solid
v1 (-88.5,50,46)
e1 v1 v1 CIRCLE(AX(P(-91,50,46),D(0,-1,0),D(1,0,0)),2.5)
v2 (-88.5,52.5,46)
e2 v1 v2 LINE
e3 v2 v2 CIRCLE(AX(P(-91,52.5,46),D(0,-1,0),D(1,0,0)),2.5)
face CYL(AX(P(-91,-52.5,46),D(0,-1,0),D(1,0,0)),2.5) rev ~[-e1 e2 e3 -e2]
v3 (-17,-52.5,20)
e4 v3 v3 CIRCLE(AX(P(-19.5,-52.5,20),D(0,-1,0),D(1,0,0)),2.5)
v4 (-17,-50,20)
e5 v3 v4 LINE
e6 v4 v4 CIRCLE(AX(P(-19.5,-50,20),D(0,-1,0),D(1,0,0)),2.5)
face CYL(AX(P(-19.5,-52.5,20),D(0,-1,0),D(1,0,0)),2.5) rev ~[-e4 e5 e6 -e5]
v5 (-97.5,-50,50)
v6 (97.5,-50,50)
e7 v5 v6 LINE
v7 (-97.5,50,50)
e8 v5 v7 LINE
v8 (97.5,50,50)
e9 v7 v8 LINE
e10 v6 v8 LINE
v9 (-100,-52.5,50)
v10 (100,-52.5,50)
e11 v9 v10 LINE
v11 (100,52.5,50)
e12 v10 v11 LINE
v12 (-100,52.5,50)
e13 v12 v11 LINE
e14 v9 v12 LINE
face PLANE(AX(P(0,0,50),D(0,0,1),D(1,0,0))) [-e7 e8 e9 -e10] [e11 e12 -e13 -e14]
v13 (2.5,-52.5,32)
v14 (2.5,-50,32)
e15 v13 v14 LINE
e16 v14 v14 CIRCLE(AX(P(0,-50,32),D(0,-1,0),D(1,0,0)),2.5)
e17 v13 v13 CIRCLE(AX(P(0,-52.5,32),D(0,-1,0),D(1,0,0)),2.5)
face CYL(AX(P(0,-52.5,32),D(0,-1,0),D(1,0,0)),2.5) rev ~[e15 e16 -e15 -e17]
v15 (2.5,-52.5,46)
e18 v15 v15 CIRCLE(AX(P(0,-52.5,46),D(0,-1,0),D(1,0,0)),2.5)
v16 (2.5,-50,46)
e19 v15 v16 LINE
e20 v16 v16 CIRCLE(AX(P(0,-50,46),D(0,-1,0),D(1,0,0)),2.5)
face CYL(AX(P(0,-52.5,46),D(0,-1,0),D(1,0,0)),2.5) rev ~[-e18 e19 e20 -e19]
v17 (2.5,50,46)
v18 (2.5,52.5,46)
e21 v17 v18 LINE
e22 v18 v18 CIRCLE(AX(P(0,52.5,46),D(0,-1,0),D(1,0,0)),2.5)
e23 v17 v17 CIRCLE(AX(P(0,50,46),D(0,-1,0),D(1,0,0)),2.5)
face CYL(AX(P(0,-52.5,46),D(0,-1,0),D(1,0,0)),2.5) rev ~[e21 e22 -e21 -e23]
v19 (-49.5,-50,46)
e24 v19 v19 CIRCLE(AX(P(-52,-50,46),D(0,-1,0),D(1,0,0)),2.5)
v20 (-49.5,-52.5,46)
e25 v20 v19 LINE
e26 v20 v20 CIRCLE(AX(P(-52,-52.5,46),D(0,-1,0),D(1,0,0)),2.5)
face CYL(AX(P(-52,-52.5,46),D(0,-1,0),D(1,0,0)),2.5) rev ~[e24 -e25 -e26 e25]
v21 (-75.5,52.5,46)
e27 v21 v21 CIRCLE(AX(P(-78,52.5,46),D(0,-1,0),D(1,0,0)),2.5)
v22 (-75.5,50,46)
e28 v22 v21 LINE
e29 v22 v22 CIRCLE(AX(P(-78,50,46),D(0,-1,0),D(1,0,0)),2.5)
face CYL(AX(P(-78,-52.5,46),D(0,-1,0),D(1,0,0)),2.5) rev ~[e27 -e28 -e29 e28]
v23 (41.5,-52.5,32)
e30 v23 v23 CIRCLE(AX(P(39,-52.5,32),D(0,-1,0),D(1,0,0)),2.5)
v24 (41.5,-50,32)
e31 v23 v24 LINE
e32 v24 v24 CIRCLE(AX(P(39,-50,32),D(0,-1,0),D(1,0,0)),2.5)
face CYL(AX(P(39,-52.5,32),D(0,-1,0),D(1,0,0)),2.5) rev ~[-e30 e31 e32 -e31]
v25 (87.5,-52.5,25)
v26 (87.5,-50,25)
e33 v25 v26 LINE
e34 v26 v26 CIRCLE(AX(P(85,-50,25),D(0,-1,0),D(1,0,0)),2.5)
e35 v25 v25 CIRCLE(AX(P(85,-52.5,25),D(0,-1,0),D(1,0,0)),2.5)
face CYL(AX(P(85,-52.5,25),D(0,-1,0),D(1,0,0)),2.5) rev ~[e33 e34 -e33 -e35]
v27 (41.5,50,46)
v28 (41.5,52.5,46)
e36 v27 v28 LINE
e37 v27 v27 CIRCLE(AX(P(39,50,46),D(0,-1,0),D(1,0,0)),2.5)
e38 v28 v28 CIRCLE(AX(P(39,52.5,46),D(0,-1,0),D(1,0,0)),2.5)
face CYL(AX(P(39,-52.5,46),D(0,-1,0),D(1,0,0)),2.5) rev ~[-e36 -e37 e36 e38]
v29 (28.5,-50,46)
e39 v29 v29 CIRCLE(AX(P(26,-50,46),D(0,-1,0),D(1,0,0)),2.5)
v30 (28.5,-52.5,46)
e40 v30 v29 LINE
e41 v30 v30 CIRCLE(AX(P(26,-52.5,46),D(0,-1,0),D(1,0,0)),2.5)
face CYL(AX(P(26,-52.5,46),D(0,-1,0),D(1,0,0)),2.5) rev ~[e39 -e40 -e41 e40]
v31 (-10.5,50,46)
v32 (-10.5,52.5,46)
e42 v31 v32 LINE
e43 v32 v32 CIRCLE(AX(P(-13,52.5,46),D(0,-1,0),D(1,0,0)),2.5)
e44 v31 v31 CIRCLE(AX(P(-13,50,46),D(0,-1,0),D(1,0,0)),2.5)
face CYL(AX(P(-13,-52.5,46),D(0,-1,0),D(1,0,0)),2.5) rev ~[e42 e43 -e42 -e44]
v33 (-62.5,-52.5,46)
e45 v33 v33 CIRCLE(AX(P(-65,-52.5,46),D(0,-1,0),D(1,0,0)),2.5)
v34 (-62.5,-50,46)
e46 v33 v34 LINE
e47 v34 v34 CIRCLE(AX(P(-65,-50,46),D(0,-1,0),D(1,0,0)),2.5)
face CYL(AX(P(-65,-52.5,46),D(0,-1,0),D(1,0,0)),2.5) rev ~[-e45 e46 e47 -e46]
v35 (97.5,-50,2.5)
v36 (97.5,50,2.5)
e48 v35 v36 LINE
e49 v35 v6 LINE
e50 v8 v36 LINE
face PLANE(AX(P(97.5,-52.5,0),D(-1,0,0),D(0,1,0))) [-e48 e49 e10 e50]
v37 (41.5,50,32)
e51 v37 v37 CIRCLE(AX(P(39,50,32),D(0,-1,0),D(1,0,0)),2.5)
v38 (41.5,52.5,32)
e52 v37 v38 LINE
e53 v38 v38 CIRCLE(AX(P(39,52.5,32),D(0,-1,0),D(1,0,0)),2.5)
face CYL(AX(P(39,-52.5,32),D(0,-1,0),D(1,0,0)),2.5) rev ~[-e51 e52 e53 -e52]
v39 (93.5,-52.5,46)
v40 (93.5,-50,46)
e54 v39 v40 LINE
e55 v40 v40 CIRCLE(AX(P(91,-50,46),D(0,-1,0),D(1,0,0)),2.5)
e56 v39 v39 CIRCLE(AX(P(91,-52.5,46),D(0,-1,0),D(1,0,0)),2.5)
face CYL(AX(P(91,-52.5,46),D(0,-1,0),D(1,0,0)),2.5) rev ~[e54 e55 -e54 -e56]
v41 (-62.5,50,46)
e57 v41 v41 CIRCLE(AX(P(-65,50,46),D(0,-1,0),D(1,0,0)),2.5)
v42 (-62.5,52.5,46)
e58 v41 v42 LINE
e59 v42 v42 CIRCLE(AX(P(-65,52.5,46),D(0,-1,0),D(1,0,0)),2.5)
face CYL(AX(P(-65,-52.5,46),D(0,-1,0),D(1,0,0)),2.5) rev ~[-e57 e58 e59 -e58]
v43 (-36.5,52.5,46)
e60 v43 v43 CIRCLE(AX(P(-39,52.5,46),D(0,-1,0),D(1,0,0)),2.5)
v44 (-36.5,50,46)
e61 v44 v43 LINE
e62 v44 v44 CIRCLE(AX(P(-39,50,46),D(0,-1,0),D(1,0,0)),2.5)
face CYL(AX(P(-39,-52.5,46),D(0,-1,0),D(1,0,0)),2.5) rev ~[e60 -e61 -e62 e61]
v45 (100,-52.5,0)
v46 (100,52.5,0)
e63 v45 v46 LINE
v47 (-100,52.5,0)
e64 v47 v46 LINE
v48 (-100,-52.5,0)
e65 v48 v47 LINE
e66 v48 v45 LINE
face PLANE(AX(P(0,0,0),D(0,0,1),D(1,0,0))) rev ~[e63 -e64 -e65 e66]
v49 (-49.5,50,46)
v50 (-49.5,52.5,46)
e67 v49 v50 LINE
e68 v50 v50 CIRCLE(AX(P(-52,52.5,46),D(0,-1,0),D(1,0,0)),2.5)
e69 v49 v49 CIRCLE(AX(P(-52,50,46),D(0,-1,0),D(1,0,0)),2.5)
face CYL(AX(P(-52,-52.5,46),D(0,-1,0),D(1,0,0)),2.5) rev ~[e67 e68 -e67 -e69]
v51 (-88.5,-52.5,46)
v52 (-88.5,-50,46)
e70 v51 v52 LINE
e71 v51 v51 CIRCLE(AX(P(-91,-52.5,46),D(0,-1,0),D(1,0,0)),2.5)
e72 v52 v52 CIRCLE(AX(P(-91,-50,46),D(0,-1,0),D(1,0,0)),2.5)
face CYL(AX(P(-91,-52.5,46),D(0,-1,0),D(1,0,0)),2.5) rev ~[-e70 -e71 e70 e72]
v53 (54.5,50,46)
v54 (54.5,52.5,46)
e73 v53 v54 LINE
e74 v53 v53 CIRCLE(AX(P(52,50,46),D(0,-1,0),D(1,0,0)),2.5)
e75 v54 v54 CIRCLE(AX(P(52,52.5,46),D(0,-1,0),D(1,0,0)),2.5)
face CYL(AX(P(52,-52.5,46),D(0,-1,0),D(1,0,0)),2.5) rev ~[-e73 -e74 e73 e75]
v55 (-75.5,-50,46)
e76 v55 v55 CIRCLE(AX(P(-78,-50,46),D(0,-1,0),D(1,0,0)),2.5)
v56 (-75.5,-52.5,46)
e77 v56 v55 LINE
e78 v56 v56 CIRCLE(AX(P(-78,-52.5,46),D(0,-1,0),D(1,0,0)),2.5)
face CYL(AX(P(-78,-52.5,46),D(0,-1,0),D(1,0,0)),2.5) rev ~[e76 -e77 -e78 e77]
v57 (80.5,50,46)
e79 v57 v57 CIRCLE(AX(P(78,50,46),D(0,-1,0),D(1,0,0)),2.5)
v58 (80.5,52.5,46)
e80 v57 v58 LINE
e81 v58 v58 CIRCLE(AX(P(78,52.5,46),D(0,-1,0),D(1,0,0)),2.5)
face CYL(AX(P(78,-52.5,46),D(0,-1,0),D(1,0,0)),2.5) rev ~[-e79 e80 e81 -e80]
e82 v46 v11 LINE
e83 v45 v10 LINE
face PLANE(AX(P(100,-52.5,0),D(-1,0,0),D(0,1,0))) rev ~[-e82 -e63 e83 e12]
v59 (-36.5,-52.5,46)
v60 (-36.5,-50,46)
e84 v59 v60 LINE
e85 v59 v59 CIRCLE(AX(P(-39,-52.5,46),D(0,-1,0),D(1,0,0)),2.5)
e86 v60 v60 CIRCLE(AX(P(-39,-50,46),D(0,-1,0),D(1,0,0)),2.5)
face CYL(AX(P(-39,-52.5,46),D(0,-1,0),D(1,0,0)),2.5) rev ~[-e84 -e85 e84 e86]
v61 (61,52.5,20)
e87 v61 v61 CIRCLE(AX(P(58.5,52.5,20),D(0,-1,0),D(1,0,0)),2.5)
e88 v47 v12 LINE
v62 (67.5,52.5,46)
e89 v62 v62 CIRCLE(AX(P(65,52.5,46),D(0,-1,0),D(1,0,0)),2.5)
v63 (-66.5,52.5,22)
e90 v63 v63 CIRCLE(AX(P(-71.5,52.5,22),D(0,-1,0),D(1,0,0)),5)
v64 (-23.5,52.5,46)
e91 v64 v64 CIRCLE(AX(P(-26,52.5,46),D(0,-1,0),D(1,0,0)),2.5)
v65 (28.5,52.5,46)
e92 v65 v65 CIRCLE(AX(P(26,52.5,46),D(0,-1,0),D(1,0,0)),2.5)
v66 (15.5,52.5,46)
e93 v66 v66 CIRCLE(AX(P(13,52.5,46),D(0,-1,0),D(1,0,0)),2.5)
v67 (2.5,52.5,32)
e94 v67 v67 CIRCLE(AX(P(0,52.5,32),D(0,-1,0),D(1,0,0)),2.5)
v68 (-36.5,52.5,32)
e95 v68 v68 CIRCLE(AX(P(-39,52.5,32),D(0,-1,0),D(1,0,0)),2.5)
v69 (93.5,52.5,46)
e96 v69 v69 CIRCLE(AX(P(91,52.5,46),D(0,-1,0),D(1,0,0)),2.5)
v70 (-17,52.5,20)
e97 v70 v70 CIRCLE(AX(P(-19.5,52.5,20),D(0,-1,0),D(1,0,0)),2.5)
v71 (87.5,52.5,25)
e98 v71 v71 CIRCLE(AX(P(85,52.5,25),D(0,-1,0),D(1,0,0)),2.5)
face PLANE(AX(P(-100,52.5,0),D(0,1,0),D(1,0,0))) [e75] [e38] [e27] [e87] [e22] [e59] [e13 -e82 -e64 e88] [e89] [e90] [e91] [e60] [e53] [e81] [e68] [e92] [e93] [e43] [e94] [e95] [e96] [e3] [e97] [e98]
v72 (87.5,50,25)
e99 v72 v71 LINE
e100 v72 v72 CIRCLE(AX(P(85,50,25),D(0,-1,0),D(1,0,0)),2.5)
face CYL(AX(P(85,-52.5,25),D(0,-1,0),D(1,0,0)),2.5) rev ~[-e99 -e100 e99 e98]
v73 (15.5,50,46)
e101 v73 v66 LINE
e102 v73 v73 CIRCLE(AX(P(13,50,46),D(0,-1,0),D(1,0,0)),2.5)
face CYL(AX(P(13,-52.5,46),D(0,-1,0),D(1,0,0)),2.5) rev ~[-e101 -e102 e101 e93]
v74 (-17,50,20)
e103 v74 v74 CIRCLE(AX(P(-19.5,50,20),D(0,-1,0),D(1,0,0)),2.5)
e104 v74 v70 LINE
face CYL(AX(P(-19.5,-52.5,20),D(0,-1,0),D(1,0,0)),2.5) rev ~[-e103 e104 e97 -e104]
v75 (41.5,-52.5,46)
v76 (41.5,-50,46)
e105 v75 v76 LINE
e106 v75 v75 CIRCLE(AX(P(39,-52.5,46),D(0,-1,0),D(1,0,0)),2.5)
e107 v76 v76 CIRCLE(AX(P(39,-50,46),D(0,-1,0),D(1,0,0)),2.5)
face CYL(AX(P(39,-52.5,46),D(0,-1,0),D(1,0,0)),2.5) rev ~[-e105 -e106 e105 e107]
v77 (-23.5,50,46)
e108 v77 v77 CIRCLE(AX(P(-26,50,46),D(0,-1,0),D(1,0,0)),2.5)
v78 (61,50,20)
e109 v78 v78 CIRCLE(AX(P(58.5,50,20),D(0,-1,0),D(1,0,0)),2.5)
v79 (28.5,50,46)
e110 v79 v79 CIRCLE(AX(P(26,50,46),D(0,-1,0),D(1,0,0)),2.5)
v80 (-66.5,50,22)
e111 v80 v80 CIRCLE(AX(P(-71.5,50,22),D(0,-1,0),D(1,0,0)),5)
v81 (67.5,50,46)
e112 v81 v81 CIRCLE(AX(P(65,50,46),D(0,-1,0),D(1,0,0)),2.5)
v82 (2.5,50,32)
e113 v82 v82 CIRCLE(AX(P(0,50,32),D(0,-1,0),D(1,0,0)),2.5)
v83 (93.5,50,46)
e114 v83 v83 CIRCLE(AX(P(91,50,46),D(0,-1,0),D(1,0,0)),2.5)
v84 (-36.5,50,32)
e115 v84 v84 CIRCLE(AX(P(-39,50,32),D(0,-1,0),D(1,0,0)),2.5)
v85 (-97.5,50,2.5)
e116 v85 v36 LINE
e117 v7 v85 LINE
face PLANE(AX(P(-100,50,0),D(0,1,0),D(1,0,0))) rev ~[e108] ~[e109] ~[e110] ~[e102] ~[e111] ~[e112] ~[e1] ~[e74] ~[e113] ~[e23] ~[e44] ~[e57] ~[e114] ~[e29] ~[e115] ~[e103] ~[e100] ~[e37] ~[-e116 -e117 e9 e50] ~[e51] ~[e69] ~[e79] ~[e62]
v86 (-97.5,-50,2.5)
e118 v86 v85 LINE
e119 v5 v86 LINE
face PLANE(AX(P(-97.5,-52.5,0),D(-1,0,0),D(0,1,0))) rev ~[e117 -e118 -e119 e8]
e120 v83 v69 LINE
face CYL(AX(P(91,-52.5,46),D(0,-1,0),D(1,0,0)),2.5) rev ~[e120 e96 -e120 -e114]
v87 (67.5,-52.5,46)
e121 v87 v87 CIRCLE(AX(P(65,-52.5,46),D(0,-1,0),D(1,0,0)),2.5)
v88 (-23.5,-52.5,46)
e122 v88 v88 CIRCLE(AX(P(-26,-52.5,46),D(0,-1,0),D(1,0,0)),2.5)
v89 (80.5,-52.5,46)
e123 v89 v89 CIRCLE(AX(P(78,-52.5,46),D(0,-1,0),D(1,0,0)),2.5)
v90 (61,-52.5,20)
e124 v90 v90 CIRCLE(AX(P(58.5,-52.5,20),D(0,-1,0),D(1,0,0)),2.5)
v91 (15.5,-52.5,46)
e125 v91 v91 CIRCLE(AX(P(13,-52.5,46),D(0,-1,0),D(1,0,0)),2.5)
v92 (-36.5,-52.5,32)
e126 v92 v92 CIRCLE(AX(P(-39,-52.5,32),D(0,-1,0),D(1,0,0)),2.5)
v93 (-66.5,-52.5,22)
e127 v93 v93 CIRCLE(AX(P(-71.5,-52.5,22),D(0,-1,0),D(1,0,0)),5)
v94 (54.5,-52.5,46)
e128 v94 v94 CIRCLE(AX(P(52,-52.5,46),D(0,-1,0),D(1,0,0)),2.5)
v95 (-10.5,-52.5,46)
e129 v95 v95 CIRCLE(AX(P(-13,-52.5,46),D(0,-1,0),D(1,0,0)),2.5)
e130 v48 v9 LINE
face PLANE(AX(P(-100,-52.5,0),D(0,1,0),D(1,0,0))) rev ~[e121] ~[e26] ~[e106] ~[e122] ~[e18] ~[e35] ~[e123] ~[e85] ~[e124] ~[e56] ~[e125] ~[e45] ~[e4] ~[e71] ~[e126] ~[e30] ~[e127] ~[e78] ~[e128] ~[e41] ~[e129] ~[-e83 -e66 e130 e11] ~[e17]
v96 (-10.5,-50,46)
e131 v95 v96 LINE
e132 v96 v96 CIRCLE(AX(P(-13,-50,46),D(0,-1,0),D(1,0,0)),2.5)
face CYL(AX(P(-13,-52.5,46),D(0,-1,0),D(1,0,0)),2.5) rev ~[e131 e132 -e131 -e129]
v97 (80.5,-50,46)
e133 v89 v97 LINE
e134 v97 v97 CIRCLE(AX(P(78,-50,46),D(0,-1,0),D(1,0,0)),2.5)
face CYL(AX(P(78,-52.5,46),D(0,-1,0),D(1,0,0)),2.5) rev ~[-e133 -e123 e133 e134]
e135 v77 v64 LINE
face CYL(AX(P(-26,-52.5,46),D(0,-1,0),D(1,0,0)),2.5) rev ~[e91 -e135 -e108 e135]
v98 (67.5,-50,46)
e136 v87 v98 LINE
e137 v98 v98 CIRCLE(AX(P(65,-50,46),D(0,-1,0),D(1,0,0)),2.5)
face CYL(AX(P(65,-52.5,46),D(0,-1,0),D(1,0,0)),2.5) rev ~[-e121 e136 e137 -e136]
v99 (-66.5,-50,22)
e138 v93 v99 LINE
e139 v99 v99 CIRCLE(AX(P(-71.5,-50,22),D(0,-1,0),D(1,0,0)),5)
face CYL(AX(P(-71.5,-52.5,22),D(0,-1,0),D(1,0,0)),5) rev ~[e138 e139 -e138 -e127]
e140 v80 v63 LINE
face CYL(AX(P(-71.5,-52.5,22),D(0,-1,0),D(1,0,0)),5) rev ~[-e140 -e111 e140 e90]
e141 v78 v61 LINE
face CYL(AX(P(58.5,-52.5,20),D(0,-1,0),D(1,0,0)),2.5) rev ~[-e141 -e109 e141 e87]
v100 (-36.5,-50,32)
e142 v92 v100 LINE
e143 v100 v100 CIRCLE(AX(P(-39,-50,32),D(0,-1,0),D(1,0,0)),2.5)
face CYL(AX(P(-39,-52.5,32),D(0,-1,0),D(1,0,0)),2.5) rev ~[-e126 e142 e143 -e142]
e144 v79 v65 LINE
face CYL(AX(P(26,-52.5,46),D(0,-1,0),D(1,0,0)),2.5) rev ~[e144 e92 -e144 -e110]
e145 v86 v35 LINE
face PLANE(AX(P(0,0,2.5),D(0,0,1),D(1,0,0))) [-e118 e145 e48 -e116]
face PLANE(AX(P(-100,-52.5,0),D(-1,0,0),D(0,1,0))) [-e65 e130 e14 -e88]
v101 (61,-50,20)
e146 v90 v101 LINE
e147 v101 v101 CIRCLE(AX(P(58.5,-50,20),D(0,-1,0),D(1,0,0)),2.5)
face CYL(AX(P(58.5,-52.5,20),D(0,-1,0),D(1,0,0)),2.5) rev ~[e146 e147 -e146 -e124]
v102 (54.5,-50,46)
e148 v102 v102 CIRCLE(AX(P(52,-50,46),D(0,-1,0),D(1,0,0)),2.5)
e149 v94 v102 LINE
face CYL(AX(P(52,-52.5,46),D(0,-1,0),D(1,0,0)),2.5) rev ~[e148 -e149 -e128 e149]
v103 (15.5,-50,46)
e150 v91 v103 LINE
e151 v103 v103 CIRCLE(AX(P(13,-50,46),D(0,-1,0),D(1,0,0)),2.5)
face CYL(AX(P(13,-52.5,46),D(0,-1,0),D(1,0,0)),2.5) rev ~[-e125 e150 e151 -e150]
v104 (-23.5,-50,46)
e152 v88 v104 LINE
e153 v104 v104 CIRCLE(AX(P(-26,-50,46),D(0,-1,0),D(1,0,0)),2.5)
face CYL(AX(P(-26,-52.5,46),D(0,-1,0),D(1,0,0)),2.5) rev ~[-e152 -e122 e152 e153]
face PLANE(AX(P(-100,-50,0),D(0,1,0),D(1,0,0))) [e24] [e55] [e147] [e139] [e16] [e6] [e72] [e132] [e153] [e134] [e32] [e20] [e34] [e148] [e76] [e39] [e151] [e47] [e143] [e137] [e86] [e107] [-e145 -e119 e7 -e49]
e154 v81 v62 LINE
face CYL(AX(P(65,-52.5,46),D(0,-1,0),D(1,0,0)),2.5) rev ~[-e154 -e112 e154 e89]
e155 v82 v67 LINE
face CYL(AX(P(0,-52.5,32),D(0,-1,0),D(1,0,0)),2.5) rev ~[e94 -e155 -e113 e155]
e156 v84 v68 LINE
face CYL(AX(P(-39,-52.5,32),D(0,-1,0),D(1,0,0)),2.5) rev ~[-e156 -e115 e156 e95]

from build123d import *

# Parameters (mm, degrees)
F0_W     = 200
F0_H     = 105
F1_DEPTH = 50
F2_T     = -2.5
F3_R     = 2.5
F3_R_2   = 5
F4_DEPTH = 105


with BuildPart() as f1:
    # F0 (on Top) → F1 (new body)
    with BuildSketch(Plane.XY):
        Rectangle(F0_W, F0_H)
    extrude(amount=F1_DEPTH)

    # F2
    f2_openings = [f1.faces().sort_by_distance(p)[0] for p in [
        (0, 0, 50),
    ]]
    offset(amount=F2_T, openings=f2_openings)

    # F3 (on face) → F4 (cut, through all)
    with BuildSketch(Plane.XZ.offset(52.5)):
        with Locations((-91, 46)):
            Circle(F3_R)
        with Locations((-78, 46)):
            Circle(F3_R)
        with Locations((-65, 46)):
            Circle(F3_R)
        with Locations((-52, 46)):
            Circle(F3_R)
        with Locations((-39, 46)):
            Circle(F3_R)
        with Locations((-26, 46)):
            Circle(F3_R)
        with Locations((-13, 46)):
            Circle(F3_R)
        with Locations((0, 46)):
            Circle(F3_R)
        with Locations((13, 46)):
            Circle(F3_R)
        with Locations((26, 46)):
            Circle(F3_R)
        with Locations((39, 46)):
            Circle(F3_R)
        with Locations((52, 46)):
            Circle(F3_R)
        with Locations((65, 46)):
            Circle(F3_R)
        with Locations((78, 46)):
            Circle(F3_R)
        with Locations((91, 46)):
            Circle(F3_R)
        with Locations((-39, 32)):
            Circle(F3_R)
        with Locations((0, 32)):
            Circle(F3_R)
        with Locations((39, 32)):
            Circle(F3_R)
        with Locations((-71.5, 22)):
            Circle(F3_R_2)
        with Locations((-19.5, 20)):
            Circle(F3_R)
        with Locations((58.5, 20)):
            Circle(F3_R)
        with Locations((85, 25)):
            Circle(F3_R)
    extrude(amount=-F4_DEPTH, mode=Mode.SUBTRACT)


solid = f1.part
